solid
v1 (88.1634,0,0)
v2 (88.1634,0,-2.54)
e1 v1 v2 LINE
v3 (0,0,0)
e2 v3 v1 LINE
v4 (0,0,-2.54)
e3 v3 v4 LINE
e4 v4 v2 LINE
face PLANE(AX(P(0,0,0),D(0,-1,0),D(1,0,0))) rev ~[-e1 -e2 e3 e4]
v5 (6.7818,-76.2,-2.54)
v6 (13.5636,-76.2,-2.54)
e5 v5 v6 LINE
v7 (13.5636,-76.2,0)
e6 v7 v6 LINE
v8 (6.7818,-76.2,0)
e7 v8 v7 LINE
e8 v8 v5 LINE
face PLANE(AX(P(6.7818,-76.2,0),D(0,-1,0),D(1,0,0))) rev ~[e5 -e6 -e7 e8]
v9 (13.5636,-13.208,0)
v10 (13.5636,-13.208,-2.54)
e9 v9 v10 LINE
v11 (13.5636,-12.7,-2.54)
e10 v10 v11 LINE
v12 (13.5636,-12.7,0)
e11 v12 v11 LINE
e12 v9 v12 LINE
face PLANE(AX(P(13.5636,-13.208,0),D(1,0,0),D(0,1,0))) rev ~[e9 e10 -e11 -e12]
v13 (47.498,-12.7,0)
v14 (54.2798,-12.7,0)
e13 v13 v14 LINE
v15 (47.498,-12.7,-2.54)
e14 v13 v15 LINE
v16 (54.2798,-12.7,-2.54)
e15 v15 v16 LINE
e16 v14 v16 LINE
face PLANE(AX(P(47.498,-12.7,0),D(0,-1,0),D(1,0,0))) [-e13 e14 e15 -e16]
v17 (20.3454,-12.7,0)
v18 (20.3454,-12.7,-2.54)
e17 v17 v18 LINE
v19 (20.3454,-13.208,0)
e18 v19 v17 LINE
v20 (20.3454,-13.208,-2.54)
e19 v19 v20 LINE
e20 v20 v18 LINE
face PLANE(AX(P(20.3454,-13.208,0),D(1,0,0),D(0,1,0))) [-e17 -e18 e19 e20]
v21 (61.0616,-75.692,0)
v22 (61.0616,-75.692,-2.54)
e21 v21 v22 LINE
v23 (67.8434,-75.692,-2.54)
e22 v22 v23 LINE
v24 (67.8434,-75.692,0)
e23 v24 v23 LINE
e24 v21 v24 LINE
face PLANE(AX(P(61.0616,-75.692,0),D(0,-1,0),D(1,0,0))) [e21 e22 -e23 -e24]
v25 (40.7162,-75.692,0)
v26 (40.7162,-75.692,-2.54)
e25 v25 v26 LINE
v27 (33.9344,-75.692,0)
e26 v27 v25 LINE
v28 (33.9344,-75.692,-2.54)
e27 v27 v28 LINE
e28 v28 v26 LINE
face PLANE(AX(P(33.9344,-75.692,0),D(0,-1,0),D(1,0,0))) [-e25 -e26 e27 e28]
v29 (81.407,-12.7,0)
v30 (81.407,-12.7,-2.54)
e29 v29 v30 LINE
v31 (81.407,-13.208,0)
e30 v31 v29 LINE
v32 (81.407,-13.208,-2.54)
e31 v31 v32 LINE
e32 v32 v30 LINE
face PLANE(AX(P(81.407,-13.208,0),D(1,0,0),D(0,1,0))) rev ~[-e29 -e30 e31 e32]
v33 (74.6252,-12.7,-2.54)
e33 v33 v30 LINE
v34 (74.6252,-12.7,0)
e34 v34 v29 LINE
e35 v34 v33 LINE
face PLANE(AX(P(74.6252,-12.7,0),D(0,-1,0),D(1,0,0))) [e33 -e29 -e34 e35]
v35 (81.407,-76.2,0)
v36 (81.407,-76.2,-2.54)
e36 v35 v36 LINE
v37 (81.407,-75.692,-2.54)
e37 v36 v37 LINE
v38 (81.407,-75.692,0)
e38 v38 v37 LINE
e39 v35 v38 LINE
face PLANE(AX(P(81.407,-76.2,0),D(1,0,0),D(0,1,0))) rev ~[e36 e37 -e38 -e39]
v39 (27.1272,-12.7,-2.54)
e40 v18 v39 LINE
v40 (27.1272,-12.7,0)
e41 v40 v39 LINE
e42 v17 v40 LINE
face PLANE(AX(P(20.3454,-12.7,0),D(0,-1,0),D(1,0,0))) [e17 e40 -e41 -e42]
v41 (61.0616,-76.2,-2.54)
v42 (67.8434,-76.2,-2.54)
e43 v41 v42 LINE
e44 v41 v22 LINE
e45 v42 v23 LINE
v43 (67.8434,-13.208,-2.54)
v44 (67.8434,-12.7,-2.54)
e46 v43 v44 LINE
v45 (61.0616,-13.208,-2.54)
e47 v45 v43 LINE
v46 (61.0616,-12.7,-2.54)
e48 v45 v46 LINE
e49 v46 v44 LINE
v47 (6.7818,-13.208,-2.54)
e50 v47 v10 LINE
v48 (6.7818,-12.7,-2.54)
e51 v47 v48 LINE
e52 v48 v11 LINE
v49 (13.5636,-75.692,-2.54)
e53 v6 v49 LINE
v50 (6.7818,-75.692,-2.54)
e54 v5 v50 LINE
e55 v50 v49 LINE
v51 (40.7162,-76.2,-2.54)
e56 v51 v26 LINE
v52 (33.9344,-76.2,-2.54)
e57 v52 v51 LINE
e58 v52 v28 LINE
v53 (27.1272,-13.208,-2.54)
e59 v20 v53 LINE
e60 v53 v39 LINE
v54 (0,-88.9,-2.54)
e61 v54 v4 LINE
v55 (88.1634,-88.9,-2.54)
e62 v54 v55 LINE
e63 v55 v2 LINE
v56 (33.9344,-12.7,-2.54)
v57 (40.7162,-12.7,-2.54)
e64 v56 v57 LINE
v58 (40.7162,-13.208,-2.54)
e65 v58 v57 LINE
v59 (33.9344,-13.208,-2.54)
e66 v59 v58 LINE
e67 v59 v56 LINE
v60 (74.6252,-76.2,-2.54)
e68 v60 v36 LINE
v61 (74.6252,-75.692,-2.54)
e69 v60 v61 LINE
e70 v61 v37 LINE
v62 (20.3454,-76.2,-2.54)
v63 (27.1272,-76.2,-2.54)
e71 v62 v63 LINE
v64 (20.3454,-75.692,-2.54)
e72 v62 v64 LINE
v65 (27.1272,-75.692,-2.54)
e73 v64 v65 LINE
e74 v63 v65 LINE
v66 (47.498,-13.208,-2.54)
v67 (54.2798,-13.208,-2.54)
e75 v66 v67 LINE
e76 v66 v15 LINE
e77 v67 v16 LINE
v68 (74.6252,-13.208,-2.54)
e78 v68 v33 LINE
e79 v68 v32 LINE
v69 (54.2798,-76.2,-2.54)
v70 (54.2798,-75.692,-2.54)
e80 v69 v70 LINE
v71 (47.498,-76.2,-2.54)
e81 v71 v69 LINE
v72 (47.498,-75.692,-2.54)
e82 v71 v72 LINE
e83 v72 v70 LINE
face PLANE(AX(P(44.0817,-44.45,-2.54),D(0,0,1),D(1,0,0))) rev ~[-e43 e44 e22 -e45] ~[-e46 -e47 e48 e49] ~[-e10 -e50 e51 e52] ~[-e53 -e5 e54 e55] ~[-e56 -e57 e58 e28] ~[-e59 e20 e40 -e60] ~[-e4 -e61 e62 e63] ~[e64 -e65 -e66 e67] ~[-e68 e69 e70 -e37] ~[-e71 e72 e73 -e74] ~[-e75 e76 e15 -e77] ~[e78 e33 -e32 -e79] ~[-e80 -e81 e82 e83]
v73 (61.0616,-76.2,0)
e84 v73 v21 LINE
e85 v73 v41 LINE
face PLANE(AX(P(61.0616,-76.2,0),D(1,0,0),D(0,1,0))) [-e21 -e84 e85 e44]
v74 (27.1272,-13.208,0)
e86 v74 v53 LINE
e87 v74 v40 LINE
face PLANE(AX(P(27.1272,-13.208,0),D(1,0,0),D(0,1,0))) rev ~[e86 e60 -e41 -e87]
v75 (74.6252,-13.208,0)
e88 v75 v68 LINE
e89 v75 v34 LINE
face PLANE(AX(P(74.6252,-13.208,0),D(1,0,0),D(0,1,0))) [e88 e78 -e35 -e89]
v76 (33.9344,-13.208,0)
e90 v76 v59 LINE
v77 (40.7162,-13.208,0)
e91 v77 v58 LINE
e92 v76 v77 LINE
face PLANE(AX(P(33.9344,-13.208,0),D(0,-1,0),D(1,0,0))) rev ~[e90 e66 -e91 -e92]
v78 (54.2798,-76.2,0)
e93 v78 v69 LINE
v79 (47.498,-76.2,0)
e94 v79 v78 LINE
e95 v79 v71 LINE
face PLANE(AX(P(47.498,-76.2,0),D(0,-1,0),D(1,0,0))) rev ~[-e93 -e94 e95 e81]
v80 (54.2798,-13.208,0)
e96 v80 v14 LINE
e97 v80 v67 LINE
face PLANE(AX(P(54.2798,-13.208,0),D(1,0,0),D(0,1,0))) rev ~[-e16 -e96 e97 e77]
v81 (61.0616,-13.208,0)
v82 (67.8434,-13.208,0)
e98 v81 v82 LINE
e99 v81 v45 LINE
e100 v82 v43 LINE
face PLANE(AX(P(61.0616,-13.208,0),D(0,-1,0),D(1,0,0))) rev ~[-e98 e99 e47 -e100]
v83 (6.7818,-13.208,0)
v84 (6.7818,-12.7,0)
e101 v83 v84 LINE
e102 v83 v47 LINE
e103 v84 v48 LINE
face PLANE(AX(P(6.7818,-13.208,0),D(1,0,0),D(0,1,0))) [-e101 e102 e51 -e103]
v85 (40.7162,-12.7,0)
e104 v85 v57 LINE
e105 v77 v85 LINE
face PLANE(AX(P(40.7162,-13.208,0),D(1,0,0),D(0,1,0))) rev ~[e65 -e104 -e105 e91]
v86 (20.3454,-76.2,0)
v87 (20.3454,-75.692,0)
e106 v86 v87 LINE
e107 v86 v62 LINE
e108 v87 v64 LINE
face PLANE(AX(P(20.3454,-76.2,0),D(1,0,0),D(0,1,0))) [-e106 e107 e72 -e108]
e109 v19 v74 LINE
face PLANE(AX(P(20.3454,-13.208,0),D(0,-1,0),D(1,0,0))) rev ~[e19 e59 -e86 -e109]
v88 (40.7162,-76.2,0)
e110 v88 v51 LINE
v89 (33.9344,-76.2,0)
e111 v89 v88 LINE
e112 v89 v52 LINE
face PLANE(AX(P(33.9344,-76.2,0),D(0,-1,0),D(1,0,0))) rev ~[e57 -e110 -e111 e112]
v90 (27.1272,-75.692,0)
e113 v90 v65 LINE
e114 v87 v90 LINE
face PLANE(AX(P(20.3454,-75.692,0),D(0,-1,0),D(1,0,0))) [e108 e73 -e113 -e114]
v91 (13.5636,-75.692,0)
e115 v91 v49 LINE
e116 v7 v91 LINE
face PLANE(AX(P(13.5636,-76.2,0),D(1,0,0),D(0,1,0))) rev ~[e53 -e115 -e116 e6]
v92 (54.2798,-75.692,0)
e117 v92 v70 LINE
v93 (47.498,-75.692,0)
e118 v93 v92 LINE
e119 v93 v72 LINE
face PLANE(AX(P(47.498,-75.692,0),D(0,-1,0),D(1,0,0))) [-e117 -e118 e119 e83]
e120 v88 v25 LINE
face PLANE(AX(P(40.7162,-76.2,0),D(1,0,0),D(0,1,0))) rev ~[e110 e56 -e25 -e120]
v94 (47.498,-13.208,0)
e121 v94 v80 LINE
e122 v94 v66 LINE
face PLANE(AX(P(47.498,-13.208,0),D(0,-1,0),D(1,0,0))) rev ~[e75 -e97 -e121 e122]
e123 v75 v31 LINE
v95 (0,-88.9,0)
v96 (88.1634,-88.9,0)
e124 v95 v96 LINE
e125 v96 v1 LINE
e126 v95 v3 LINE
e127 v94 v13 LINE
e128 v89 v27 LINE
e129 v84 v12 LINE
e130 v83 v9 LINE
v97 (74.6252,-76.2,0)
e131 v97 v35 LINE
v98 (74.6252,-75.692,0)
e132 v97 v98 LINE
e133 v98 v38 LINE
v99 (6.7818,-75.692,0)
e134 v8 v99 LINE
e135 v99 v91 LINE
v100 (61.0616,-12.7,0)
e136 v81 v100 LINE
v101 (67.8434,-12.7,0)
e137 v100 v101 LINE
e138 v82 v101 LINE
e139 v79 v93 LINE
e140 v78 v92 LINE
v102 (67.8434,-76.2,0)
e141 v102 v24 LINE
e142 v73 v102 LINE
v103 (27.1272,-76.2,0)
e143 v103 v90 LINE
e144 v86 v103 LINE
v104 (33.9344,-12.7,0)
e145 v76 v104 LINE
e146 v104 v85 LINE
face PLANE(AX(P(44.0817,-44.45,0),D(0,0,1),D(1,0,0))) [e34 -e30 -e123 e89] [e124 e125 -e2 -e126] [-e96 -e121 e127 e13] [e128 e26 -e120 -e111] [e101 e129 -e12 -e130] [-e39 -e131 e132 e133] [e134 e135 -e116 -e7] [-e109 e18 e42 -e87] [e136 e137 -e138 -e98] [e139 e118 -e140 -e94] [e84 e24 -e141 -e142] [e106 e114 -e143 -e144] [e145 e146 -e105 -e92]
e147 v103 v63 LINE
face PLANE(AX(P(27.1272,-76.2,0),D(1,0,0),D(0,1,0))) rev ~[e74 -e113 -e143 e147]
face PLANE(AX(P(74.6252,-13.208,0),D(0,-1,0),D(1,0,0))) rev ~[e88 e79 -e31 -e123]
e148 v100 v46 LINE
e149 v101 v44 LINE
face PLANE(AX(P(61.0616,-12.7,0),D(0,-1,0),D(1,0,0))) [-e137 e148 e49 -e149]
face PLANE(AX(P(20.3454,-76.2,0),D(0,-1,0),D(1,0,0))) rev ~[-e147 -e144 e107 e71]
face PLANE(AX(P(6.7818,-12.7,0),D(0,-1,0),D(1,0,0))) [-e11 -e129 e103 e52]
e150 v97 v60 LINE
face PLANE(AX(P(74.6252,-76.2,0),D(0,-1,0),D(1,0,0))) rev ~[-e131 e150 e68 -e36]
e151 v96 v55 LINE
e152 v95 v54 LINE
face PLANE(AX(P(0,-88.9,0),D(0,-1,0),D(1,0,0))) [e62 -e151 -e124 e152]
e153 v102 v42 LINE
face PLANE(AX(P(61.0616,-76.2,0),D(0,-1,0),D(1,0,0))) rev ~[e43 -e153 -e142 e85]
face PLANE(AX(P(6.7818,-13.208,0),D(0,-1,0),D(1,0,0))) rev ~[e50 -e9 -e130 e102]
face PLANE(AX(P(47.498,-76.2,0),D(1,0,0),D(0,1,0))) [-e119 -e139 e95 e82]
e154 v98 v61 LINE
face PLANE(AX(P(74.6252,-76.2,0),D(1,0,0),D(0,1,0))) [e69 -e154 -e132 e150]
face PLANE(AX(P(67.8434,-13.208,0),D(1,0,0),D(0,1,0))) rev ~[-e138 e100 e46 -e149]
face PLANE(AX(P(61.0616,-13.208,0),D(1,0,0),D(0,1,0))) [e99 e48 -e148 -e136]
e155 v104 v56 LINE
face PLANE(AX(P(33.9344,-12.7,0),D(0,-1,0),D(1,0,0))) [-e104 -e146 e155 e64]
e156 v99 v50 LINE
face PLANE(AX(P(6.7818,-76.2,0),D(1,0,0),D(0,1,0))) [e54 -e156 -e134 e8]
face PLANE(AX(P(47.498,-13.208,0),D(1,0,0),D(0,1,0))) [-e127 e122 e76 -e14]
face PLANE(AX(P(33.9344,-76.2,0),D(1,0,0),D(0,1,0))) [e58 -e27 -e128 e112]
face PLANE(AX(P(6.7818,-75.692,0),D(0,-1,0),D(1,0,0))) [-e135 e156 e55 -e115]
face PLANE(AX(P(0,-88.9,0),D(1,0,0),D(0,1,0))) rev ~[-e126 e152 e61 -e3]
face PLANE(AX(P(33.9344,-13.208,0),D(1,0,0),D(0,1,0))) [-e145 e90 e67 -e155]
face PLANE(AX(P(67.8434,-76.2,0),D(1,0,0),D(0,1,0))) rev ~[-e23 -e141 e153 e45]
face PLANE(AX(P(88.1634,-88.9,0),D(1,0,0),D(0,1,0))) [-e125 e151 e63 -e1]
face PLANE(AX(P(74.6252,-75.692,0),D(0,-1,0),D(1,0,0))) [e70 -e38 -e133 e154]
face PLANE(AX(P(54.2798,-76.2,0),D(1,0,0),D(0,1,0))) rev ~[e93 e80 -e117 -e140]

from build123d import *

# Parameters (mm, degrees)
F0_W     = 88.1634
F0_H     = 88.9
F0_W_2   = 6.7818
F0_H_2   = 0.508
F1_DEPTH = 2.54


with BuildPart() as f1:
    # F0 (on Top) → F1 (new body)
    with BuildSketch(Plane.XY):
        with Locations((44.0817, -44.45)):
            Rectangle(F0_W, F0_H)
        with Locations((10.1727, -75.946)):
            Rectangle(F0_W_2, F0_H_2, mode=Mode.SUBTRACT)
        with Locations((23.7363, -75.946)):
            Rectangle(F0_W_2, F0_H_2, mode=Mode.SUBTRACT)
        with Locations((37.3253, -75.946)):
            Rectangle(F0_W_2, F0_H_2, mode=Mode.SUBTRACT)
        with Locations((50.8889, -75.946)):
            Rectangle(F0_W_2, F0_H_2, mode=Mode.SUBTRACT)
        with Locations((64.4525, -75.946)):
            Rectangle(F0_W_2, F0_H_2, mode=Mode.SUBTRACT)
        with Locations((78.0161, -75.946)):
            Rectangle(F0_W_2, F0_H_2, mode=Mode.SUBTRACT)
        with Locations((10.1727, -12.954)):
            Rectangle(F0_W_2, F0_H_2, mode=Mode.SUBTRACT)
        with Locations((23.7363, -12.954)):
            Rectangle(F0_W_2, F0_H_2, mode=Mode.SUBTRACT)
        with Locations((37.3253, -12.954)):
            Rectangle(F0_W_2, F0_H_2, mode=Mode.SUBTRACT)
        with Locations((50.8889, -12.954)):
            Rectangle(F0_W_2, F0_H_2, mode=Mode.SUBTRACT)
        with Locations((64.4525, -12.954)):
            Rectangle(F0_W_2, F0_H_2, mode=Mode.SUBTRACT)
        with Locations((78.0161, -12.954)):
            Rectangle(F0_W_2, F0_H_2, mode=Mode.SUBTRACT)
    extrude(amount=-F1_DEPTH)


solid = f1.part
